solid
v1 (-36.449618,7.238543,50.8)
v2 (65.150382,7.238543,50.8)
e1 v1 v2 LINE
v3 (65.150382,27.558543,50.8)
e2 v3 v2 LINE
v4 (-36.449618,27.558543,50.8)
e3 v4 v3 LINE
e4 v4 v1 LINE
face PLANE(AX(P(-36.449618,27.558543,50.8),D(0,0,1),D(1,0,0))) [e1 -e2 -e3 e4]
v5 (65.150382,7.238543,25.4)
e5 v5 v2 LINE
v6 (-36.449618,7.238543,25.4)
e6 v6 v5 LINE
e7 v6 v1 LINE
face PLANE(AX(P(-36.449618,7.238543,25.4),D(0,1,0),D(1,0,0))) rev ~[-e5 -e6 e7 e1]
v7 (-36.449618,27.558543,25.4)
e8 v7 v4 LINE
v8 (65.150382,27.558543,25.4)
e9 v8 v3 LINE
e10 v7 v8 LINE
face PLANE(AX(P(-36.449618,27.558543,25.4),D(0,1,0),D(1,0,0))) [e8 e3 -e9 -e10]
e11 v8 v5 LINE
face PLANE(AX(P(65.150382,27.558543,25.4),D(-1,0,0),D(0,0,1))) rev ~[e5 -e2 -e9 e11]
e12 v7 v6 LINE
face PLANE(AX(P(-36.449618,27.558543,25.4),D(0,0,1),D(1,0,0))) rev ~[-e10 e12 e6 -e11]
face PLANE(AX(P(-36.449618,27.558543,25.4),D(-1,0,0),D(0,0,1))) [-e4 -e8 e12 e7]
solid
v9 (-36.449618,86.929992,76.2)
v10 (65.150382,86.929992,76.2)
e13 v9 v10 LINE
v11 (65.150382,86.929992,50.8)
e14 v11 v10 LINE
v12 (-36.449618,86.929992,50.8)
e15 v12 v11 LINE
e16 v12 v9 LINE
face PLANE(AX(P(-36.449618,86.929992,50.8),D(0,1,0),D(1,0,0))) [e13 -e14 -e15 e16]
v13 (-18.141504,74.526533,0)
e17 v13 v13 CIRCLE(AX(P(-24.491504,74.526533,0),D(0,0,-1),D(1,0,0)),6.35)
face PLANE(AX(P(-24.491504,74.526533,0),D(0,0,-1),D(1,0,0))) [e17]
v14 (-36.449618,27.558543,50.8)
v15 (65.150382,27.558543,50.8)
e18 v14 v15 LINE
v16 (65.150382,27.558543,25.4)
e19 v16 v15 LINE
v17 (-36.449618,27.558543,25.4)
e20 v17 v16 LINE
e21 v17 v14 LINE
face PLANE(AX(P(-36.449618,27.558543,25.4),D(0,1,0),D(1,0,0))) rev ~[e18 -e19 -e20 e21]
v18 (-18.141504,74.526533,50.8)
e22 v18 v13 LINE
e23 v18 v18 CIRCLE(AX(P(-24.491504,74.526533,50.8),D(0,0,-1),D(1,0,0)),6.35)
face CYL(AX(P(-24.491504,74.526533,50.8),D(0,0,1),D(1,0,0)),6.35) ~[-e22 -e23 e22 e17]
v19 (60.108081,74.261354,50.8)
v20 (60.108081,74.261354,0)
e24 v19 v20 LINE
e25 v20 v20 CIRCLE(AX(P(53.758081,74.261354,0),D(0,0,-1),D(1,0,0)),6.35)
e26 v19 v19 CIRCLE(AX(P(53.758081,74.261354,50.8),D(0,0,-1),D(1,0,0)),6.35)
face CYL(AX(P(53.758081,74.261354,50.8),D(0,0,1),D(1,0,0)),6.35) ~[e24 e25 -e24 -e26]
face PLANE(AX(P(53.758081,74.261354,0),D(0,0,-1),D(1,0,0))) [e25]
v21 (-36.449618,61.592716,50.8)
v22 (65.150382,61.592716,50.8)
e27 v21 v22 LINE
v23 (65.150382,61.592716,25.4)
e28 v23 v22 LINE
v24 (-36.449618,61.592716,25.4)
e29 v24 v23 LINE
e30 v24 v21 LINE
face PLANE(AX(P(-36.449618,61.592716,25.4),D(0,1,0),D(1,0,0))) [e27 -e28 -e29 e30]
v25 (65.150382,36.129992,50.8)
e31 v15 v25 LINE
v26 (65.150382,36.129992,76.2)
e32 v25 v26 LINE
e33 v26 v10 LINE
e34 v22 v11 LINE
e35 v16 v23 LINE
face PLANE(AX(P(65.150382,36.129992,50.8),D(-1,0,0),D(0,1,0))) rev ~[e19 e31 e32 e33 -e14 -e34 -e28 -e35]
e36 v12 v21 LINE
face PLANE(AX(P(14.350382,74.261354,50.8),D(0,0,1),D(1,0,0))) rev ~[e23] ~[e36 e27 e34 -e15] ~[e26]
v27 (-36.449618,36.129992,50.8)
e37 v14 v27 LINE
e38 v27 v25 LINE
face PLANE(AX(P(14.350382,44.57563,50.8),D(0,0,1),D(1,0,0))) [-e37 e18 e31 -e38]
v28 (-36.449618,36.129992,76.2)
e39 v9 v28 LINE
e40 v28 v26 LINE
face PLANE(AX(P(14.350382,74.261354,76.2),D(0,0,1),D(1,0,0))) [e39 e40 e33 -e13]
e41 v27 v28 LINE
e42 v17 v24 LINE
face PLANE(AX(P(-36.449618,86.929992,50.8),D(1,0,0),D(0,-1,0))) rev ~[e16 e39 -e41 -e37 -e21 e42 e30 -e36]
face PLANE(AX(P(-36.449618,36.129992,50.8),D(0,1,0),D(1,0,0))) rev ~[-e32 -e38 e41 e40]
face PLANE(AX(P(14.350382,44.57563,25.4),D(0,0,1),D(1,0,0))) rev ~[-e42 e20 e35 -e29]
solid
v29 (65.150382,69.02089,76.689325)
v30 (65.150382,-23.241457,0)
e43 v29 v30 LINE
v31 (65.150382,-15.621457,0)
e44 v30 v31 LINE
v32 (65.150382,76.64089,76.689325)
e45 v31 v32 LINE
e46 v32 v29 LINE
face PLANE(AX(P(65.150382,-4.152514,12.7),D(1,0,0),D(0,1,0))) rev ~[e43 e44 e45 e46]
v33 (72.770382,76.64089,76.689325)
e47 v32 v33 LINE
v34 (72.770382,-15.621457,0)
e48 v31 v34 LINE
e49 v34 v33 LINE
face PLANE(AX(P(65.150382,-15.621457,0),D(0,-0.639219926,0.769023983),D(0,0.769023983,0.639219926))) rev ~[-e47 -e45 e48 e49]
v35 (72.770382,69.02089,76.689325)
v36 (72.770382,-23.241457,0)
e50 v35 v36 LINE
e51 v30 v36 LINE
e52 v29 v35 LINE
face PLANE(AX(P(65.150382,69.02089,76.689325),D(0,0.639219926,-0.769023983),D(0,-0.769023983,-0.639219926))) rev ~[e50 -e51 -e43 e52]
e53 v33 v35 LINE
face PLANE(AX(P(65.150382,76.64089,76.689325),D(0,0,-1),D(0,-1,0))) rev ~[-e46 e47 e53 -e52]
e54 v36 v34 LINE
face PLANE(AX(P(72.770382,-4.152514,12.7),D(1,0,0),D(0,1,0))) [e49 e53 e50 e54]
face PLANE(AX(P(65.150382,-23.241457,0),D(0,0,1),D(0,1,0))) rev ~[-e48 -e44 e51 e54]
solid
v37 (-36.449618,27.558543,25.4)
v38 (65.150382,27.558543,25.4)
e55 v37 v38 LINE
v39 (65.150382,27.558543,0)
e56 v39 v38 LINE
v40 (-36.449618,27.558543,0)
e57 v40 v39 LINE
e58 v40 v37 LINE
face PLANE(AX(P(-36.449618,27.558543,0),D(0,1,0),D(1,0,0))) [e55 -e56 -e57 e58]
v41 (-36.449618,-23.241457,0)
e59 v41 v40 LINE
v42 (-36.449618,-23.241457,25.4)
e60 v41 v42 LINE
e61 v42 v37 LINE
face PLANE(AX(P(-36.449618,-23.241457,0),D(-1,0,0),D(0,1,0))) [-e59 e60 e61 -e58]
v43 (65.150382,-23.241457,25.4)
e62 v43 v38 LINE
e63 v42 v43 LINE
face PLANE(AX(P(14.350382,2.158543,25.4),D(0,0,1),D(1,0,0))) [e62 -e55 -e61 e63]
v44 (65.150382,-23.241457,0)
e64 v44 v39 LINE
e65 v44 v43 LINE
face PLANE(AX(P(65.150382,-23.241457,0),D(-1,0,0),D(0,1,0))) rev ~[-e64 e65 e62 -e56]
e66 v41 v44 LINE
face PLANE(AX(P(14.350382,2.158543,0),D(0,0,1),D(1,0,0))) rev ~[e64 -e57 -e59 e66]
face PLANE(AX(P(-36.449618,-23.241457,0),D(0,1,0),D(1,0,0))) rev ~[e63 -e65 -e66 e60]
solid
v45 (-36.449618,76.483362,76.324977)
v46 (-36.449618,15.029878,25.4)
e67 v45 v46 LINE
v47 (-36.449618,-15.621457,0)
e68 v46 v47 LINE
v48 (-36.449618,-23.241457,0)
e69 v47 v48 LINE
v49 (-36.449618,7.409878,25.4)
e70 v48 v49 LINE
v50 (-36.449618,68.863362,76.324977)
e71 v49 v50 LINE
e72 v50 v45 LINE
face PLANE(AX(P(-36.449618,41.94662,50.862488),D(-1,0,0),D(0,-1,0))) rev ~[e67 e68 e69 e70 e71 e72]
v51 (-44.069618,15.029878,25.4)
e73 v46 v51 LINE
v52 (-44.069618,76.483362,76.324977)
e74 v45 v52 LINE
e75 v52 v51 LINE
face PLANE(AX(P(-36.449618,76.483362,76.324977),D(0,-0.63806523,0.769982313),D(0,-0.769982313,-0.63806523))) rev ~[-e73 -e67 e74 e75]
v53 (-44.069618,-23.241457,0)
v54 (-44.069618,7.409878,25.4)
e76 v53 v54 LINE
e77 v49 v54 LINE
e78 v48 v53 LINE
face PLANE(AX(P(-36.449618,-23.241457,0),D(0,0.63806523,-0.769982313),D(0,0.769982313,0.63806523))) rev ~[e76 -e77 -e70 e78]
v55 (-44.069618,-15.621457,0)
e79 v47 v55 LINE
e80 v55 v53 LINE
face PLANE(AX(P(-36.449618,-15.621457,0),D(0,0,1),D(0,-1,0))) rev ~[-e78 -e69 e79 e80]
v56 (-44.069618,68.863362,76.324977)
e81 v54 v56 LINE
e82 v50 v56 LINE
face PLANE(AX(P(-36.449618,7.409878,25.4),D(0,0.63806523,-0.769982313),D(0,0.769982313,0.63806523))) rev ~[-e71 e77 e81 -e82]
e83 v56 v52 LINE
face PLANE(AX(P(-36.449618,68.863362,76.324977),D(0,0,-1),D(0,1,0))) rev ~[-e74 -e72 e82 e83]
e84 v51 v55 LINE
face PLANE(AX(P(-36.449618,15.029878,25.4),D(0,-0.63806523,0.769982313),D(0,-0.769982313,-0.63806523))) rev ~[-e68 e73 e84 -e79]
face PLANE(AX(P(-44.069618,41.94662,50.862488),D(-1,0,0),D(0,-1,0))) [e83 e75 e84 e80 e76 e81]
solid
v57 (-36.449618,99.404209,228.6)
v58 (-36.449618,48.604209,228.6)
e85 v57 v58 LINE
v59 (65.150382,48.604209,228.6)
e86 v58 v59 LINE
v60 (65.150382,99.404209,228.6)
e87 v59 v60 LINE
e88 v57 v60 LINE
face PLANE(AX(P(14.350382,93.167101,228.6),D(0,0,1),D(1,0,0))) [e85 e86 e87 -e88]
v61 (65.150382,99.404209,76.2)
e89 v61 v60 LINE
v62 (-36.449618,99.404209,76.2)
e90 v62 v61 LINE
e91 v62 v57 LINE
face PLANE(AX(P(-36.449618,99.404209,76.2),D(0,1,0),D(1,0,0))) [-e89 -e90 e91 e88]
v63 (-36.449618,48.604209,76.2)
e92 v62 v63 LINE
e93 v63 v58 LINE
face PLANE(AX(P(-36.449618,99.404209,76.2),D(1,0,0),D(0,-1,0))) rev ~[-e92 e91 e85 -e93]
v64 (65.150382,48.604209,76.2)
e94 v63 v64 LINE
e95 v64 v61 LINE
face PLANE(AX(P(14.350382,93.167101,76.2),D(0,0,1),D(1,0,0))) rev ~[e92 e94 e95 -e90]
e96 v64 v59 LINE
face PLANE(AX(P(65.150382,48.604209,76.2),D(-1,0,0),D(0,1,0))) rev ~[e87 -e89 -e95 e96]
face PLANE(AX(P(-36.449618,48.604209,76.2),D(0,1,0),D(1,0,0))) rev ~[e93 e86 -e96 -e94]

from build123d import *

# Parameters (mm, degrees)
F0_W      = 101.6
F0_H      = 50.8
F1_DEPTH  = 25.4
F2_W      = 101.6
F2_H      = 34.0341733113
F3_DEPTH  = 25.4
F4_DEPTH  = 20.32
F5_W      = 101.6
F5_H      = 25.337276049
F5_H_2    = 25.462723951
F6_DEPTH  = 25.4
F7_R      = 6.35
F8_DEPTH  = 50.8
F10_DEPTH = 7.62
F12_DEPTH = 7.62
F13_W     = 101.6
F13_H     = 12.4742165208
F13_H_2   = 38.3257834792
F14_DEPTH = 152.4


with BuildPart() as f1:
    # F0 (on Top) → F1 (new body)
    with BuildSketch(Plane.XY):
        with Locations((14.3503818924, 2.158543095)):
            Rectangle(F0_W, F0_H)
    extrude(amount=F1_DEPTH)


with BuildPart() as f3:
    # F2 (on face) → F3 (new body)
    with BuildSketch(Plane.XY.offset(25.4)):
        with Locations((14.3503818924, 44.5756297506)):
            Rectangle(F2_W, F2_H)
    extrude(amount=F3_DEPTH)


with BuildPart() as f4:
    # F4 (new): a face of the model
    f4_faces = [f3.part.faces().sort_by_distance(p)[0] for p in [
        (14.3503818924, 27.558543095, 38.1),
    ]]
    extrude(f4_faces, amount=F4_DEPTH)


with BuildPart() as f3_1:
    add(f3.part)

    # F5 (on face) → F6 (join)
    with BuildSketch(Plane.XY.offset(50.8)):
        with Locations((14.3503818924, 74.2613544308)):
            Rectangle(F5_W, F5_H)
        with Locations((14.3503818924, 48.8613544308)):
            Rectangle(F5_W, F5_H_2)
    extrude(amount=F6_DEPTH)

    # F7 (on face) → F8 (join)
    with BuildSketch(Plane(origin=(0, 0, 50.8), x_dir=(1, 0, 0), z_dir=(0, 0, -1))):
        with Locations((-24.4915038347, -74.5265334845)):
            Circle(F7_R)
        with Locations((53.7580810487, -74.2613544308)):
            Circle(F7_R)
    extrude(amount=F8_DEPTH)


with BuildPart() as f10:
    # F9 (on face) → F10 (new body)
    with BuildSketch(Plane.YZ.offset(65.1503818924)):
        Polygon((7.3164283732, 25.4), (-23.241456905, 0), (-15.621456905, 0), (14.9364283732, 25.4), align=None)
        Polygon((69.0208896995, 76.689325273), (7.3164283732, 25.4), (14.9364283732, 25.4), (76.6408896995, 76.689325273), align=None)
    extrude(amount=F10_DEPTH)


with BuildPart() as f12:
    # F11 (on face) → F12 (new body)
    with BuildSketch(Plane(origin=(-36.4496181076, 0, 0), x_dir=(0, -1, 0), z_dir=(-1, 0, 0))):
        Polygon((-15.0298775181, 25.4), (-7.4098775181, 25.4), (-68.8633617669, 76.3249769807), (-76.4833617669, 76.3249769807), align=None)
        Polygon((15.621456905, 0), (23.241456905, 0), (-7.4098775181, 25.4), (-15.0298775181, 25.4), align=None)
    extrude(amount=F12_DEPTH)


with BuildPart() as f14:
    # F13 (on face) → F14 (new body)
    with BuildSketch(Plane.XY.offset(76.2)):
        with Locations((14.3503818924, 93.1671007156)):
            Rectangle(F13_W, F13_H)
        with Locations((14.3503818924, 67.7671007156)):
            Rectangle(F13_W, F13_H_2)
    extrude(amount=F14_DEPTH)


solid = Compound([f1.part, f4.part, f3_1.part, f10.part, f12.part, f14.part])
